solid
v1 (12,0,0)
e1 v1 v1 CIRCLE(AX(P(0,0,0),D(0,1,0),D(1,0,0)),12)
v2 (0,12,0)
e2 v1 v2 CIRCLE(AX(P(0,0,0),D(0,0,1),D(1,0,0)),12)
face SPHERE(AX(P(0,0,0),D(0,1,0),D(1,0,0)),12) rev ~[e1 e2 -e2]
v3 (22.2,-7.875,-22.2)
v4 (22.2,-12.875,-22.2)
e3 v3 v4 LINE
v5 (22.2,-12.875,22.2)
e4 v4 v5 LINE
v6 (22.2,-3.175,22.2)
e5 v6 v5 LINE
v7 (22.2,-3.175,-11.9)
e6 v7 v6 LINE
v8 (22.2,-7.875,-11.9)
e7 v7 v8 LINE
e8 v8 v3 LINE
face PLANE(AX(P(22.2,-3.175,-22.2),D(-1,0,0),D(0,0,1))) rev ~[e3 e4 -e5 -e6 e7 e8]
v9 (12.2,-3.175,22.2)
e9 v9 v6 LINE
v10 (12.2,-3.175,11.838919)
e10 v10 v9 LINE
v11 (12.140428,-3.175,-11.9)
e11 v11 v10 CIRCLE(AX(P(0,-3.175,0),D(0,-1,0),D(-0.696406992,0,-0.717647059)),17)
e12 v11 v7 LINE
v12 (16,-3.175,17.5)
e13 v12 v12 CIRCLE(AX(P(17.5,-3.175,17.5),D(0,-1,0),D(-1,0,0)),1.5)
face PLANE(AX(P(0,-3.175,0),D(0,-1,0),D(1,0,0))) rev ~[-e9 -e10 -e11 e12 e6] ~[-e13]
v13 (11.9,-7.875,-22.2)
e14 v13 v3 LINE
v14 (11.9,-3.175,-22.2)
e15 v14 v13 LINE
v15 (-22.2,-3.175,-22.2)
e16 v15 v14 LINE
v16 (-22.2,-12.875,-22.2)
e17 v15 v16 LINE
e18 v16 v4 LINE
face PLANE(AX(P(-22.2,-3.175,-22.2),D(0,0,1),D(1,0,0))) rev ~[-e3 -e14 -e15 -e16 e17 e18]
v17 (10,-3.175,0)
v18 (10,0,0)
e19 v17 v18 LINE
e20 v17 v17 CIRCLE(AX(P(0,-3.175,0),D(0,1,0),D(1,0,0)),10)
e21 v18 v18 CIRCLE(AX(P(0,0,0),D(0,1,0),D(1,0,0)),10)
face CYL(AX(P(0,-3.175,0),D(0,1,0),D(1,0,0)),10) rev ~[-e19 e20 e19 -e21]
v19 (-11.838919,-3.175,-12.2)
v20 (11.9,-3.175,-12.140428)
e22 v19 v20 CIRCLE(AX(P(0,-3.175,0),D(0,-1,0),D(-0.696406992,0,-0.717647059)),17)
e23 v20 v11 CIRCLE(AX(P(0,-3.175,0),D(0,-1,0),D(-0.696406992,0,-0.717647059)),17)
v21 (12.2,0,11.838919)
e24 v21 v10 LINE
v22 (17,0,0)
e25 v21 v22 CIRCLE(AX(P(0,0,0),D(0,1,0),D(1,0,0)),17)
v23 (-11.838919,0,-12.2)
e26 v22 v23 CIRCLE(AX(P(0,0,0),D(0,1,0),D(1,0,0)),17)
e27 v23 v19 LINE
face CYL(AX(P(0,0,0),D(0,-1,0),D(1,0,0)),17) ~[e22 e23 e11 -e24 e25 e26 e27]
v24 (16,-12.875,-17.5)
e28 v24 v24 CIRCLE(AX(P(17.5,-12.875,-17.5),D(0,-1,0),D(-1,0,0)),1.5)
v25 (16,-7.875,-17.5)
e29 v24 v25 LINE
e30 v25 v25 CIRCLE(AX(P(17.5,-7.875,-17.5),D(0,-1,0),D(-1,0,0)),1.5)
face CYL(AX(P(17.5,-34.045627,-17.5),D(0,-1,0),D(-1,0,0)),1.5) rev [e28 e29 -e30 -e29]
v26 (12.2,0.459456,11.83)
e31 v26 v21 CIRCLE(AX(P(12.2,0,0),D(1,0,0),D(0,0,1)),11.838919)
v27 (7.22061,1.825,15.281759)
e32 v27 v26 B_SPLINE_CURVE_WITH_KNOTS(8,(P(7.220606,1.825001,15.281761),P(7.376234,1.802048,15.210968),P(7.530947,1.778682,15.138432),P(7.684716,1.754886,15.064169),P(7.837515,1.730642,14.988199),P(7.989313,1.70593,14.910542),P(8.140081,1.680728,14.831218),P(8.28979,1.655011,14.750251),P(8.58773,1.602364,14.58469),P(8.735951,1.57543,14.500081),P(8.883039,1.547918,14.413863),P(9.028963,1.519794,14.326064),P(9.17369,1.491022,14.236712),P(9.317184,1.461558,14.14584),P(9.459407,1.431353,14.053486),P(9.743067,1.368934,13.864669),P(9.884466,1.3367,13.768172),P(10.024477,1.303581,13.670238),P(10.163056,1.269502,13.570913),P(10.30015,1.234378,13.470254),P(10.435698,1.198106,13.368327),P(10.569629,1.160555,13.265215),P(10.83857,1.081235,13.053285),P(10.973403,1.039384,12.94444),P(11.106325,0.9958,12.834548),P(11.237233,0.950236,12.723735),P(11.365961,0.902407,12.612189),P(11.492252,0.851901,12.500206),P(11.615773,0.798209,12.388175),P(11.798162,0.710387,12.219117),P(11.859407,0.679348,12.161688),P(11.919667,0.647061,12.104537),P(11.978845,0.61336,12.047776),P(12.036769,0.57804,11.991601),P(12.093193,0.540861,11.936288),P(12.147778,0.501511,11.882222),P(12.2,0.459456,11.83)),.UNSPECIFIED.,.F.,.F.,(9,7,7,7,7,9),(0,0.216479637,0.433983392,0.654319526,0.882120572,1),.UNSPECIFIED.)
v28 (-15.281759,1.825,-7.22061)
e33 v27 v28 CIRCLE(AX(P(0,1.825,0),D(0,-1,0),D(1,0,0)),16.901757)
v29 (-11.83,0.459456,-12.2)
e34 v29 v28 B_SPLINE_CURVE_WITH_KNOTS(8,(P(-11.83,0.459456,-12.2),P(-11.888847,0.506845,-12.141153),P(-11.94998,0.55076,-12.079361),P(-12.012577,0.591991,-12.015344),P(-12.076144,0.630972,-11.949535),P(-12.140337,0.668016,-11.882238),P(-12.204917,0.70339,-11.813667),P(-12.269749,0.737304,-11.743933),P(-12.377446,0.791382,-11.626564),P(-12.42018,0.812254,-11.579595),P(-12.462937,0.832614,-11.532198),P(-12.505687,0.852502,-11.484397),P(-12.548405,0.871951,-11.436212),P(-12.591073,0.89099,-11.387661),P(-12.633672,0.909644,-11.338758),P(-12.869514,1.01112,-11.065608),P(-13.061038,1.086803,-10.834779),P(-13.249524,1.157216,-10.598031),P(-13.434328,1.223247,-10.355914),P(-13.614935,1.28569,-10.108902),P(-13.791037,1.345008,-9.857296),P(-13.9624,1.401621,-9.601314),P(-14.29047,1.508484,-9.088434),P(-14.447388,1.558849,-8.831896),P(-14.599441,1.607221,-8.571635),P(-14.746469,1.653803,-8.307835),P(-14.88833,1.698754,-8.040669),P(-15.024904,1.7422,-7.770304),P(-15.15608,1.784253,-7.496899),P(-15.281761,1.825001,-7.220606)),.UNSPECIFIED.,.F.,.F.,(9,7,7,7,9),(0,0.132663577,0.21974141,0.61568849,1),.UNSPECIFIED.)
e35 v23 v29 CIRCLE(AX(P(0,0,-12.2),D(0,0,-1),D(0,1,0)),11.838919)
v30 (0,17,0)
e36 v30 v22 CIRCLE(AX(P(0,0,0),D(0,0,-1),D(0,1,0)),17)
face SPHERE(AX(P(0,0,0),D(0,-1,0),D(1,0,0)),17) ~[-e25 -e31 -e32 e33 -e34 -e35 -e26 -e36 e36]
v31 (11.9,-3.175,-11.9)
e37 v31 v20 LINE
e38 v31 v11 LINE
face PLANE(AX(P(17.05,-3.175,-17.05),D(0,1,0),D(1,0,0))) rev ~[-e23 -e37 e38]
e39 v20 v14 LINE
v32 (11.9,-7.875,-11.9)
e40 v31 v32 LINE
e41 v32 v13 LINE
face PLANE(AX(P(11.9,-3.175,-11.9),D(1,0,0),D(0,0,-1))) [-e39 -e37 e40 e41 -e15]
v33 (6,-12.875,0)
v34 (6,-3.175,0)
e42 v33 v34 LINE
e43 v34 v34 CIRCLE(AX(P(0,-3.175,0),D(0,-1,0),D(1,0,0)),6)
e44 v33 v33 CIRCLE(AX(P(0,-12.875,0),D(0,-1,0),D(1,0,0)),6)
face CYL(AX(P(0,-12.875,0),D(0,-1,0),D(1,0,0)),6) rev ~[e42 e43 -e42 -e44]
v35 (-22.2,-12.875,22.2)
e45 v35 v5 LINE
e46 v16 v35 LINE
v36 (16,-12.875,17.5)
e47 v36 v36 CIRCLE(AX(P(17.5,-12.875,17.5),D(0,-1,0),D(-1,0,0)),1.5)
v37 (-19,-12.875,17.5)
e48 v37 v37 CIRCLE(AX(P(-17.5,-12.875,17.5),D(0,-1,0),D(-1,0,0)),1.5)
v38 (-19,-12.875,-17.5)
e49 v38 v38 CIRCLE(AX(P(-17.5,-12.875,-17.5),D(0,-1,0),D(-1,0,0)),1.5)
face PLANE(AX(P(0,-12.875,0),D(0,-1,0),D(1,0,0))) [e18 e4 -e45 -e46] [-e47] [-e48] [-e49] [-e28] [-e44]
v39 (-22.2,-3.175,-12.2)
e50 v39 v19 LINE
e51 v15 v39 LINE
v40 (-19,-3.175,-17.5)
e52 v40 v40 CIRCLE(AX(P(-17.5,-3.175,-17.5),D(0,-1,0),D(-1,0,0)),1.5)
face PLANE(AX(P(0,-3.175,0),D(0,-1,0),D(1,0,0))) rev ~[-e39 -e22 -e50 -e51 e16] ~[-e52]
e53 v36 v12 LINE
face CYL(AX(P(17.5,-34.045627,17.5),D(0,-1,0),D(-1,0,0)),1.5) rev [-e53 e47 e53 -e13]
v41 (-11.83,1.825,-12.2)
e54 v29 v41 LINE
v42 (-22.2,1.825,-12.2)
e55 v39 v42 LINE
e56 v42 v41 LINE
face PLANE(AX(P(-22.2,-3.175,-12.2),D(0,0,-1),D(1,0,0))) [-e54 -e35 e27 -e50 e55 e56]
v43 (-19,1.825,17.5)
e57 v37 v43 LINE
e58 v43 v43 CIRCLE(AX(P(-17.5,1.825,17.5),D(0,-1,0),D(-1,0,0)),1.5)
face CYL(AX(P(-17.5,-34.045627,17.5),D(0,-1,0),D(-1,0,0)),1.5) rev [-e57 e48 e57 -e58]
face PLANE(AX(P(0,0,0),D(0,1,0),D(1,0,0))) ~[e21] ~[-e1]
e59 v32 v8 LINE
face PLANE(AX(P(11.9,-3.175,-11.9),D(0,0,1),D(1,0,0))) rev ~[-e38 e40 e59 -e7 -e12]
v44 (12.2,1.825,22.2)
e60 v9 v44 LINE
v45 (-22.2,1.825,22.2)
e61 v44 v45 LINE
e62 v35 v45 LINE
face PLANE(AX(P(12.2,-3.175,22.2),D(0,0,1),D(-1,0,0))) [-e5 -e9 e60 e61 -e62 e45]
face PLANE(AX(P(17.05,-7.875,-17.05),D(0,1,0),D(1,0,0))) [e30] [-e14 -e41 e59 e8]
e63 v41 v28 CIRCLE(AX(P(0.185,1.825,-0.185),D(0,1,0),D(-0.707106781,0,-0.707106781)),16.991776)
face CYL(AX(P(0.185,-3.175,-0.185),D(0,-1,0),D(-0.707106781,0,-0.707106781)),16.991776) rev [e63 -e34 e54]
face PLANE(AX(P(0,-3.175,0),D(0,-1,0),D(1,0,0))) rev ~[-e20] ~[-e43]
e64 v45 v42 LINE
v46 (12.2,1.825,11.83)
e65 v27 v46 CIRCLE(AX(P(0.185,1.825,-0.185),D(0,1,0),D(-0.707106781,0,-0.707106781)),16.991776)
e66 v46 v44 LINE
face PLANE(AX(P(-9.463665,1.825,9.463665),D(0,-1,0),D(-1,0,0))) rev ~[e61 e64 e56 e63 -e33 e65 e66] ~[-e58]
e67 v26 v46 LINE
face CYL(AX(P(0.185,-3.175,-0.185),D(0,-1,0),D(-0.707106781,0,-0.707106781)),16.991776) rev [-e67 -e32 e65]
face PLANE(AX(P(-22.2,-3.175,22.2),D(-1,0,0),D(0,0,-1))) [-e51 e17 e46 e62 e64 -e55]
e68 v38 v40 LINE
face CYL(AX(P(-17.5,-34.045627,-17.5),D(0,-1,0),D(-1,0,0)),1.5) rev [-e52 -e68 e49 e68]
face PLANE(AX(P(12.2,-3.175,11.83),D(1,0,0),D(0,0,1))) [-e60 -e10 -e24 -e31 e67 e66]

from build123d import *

# Parameters (mm, degrees)
SKETCH3_W               = 44.4
SKETCH3_H               = 44.4
BOSS_EXTRUDE1_DEPTH     = 9.7
SKETCH5_R               = 6
CUT_EXTRUDE2_DEPTH      = 14.3
BOSS_EXTRUDE2_DEPTH     = 5
CUT_EXTRUDE3_DEPTH      = 35.870626966
CUT_EXTRUDE3_DEPTH_BACK = 35.870626966
SKETCH7_R               = 1.5
SKETCH8_W               = 10.3
SKETCH8_H               = 10.3
CUT_EXTRUDE4_DEPTH      = 4.7


with BuildPart() as part:
    # Sketch2 → Revolve1 (revolve)
    with BuildSketch(Plane.XY, mode=Mode.PRIVATE) as revolve1_sk:
        with BuildLine():
            Line((-10, 0), (-12, 0))
            ThreePointArc((-12, 0), (-8.485281374, 8.485281374), (0, 12))
            Line((0, 12), (0, 17))
            ThreePointArc((0, 17), (-12.02081528, 12.02081528), (-17, 0))
            Line((-17, 0), (-17, -3.175))
            Line((-17, -3.175), (-10, -3.175))
            Line((-10, -3.175), (-10, 0))
        make_face()
    revolve(revolve1_sk.sketch.rotate(Axis((0, 12, 0), (0, 1, 0)), 180), axis=Axis((0, 12, 0), (0, 1, 0)))

    # Sketch3 → Boss-Extrude1 (add)
    with BuildSketch(Plane.XZ.offset(3.175)):
        Rectangle(SKETCH3_W, SKETCH3_H)
    extrude(amount=BOSS_EXTRUDE1_DEPTH)

    # Sketch5 → Cut-Extrude2 (cut)
    with BuildSketch(Plane.XZ.offset(12.875)):
        Circle(SKETCH5_R)
    extrude(amount=-CUT_EXTRUDE2_DEPTH, mode=Mode.SUBTRACT)

    # Sketch6 → Boss-Extrude2 (add)
    with BuildSketch(Plane(origin=(0, -3.175, 0), x_dir=(1, 0, 0), z_dir=(0, 1, 0))):
        with BuildLine():
            Line((-22.2, -22.2), (-22.2, 12.2))
            Line((-22.2, 12.2), (-11.83, 12.2))
            ThreePointArc((-11.83, 12.2), (-11.83, -11.83), (12.2, -11.83))
            Line((12.2, -11.83), (12.2, -22.2))
            Line((12.2, -22.2), (-22.2, -22.2))
        make_face()
    extrude(amount=BOSS_EXTRUDE2_DEPTH)

    # Sketch7 → Cut-Extrude3 (cut, two sides: drawn at the far end of the back side and taken through both)
    with BuildSketch(Plane(origin=(0, 1.825, 0), x_dir=(1, 0, 0), z_dir=(0, 1, 0)).offset(-CUT_EXTRUDE3_DEPTH_BACK)):
        with Locations(Location((-17.5, -17.5, 0), (0, 0, 180))):
            Circle(SKETCH7_R)
        with Locations(Location((17.5, -17.5, 0), (0, 0, 180))):
            Circle(SKETCH7_R)
        with Locations(Location((17.5, 17.5, 0), (0, 0, 180))):
            Circle(SKETCH7_R)
        with Locations(Location((-17.5, 17.5, 0), (0, 0, 180))):
            Circle(SKETCH7_R)
    extrude(amount=CUT_EXTRUDE3_DEPTH + CUT_EXTRUDE3_DEPTH_BACK, mode=Mode.SUBTRACT)

    # Sketch8 → Cut-Extrude4 (cut)
    with BuildSketch(Plane(origin=(0, -3.175, 0), x_dir=(1, 0, 0), z_dir=(0, 1, 0))):
        with Locations((17.05, 17.05)):
            Rectangle(SKETCH8_W, SKETCH8_H)
    extrude(amount=-CUT_EXTRUDE4_DEPTH, mode=Mode.SUBTRACT)


solid = part.part
